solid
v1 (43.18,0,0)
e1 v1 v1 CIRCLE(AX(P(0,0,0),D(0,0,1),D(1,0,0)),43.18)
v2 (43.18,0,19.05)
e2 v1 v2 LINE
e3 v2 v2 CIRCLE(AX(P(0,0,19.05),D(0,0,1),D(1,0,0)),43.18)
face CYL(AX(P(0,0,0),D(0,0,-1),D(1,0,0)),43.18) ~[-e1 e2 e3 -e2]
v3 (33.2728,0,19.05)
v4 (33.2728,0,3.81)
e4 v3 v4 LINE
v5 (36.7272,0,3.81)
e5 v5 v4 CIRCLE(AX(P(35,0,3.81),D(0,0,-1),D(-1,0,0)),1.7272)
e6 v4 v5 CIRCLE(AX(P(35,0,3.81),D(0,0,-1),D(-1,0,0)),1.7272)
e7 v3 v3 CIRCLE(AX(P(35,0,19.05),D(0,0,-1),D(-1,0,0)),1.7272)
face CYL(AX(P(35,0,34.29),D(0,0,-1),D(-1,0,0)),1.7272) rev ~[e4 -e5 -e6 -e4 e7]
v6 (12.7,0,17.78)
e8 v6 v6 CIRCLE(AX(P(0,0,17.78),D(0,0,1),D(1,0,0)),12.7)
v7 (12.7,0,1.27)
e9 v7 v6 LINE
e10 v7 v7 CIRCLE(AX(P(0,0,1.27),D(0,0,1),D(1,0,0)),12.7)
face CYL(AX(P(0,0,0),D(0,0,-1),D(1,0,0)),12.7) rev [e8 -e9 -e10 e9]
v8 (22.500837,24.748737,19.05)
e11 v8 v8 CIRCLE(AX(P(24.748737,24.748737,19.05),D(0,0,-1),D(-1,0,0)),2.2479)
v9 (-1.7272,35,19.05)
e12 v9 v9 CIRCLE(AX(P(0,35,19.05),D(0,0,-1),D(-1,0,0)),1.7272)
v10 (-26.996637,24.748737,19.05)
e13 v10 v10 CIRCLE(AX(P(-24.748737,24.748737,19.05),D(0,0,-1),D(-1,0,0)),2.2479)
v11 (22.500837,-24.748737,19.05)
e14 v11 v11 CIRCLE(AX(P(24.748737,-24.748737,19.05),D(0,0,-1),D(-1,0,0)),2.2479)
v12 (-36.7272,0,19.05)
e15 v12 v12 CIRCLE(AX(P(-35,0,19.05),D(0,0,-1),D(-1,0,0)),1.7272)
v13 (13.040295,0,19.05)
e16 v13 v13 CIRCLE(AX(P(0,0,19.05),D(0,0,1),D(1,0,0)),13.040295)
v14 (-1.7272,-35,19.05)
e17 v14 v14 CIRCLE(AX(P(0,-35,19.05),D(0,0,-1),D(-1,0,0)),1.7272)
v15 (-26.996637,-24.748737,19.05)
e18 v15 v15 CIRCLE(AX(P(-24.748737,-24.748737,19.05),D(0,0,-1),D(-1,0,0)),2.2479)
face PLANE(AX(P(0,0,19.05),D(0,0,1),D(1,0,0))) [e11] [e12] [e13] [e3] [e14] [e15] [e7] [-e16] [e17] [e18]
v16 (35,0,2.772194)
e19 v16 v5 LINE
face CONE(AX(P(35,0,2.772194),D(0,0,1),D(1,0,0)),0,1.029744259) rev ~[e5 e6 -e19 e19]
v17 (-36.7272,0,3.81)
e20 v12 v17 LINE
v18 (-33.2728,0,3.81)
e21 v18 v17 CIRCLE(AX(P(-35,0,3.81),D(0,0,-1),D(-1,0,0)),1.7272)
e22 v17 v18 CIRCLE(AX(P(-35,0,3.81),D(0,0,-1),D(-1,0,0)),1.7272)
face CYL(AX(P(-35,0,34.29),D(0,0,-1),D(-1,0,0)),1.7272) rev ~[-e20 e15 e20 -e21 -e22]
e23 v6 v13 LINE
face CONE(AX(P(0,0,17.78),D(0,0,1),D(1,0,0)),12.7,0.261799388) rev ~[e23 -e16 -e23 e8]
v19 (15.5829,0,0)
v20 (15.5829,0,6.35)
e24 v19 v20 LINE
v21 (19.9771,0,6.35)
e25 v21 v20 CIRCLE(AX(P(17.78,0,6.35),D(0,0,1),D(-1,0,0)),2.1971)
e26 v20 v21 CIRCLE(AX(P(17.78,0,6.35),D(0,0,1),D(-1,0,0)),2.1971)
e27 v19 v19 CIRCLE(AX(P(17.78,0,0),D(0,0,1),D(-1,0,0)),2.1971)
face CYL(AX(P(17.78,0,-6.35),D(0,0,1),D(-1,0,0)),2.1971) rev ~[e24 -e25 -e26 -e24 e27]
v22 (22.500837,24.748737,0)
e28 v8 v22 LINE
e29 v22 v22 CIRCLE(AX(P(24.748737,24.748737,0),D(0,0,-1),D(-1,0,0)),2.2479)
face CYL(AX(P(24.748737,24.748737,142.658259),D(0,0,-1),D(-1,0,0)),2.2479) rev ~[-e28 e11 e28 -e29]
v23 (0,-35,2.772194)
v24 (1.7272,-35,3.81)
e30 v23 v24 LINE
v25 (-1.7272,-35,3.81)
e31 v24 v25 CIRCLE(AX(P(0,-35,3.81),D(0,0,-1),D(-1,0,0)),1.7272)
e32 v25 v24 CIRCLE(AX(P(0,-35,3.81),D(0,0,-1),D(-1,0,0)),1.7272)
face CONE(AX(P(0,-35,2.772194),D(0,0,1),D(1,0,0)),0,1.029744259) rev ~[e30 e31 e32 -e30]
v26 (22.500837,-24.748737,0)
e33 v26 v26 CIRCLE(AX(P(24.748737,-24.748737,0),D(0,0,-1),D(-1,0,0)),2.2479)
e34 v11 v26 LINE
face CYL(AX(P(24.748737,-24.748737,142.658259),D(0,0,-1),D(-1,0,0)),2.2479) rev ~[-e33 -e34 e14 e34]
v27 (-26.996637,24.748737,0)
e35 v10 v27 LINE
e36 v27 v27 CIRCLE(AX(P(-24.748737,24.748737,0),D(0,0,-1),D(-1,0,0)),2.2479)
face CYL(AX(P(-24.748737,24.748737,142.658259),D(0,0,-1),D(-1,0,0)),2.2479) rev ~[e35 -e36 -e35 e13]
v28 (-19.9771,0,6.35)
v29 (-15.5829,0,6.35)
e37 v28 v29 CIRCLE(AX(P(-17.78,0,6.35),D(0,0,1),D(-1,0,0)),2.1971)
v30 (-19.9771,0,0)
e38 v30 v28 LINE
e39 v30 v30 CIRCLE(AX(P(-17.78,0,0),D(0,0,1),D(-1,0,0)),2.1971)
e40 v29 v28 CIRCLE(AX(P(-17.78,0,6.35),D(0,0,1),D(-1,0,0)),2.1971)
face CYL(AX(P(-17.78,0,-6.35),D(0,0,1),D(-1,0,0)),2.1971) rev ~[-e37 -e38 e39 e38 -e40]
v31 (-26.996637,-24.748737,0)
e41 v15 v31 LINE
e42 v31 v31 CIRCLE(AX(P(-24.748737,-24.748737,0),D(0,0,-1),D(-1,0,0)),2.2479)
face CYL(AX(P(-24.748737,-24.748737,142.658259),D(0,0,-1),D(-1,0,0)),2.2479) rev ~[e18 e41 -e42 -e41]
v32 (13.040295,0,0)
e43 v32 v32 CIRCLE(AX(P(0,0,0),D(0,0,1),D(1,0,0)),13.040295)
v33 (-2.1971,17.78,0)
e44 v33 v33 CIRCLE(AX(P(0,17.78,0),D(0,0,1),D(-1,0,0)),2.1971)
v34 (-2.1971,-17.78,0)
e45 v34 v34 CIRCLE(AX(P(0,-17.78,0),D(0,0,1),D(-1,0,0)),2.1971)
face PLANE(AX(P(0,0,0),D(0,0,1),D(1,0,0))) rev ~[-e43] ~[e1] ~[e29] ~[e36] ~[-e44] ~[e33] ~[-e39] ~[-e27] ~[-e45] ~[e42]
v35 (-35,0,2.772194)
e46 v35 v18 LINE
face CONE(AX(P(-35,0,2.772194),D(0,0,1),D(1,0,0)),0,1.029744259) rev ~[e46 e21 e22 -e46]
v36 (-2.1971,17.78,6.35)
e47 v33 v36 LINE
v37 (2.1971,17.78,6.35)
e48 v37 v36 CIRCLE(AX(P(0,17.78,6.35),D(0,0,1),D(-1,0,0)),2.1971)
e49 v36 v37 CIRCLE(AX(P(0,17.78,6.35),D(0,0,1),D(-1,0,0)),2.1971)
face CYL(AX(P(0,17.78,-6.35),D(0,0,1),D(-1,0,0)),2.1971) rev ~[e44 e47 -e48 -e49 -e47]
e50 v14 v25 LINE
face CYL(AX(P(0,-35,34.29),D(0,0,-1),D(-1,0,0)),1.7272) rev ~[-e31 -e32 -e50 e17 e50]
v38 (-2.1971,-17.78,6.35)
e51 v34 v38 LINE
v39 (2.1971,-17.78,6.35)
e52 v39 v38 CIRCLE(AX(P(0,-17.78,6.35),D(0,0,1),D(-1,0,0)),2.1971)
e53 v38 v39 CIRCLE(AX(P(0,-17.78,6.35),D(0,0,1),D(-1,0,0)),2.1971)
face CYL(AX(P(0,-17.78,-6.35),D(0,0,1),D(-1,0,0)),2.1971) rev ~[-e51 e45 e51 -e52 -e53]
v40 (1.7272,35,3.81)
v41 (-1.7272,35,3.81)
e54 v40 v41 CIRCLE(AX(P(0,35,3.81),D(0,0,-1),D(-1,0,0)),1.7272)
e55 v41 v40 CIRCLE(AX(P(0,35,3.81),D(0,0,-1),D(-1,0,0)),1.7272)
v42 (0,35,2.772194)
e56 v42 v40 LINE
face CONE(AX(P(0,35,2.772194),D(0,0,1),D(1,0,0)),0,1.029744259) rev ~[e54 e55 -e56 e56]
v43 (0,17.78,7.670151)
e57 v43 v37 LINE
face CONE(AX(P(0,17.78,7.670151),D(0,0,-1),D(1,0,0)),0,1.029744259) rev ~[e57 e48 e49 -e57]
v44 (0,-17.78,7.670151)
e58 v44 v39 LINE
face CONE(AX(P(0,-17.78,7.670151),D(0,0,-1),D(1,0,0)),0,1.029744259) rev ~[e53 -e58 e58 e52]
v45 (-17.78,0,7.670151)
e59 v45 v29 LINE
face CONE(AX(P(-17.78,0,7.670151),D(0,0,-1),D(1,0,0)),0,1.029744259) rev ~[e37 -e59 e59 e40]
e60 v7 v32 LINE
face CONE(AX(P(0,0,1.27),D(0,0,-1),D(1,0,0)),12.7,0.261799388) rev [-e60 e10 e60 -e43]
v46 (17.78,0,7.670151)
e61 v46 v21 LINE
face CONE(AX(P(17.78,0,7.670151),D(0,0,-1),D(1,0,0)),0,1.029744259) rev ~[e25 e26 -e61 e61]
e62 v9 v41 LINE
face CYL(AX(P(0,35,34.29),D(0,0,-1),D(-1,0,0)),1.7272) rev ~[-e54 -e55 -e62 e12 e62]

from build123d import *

# Parameters (mm, degrees)
F0_R     = 43.18
F0_R_2   = 12.7
F1_DEPTH = 19.05
F2_SIZE2 = 0.3402954744
F2_SIZE  = 1.27
F4_D     = 4.3942
F4_DEPTH = 6.35
F4_TIP   = 1.3201508661
F6_D     = 3.4544
F6_DEPTH = 15.24
F6_TIP   = 1.0378064612
F8_D     = 4.4958


with BuildPart() as f1:
    # F0 (on Top) → F1 (new body)
    with BuildSketch(Plane.XY):
        Circle(F0_R)
        Circle(F0_R_2, mode=Mode.SUBTRACT)
    extrude(amount=F1_DEPTH)

    # F2
    f2_edges = [f1.edges().sort_by_distance(p)[0] for p in [
        (-12.7, 0, 19.05),
        (-12.7, 0, 0),
    ]]
    f2_side = f1.faces().sort_by_distance((-12.7, 0, 9.525))[0]
    chamfer(f2_edges, length=F2_SIZE, length2=F2_SIZE2, reference=f2_side)

    # F4
    with Locations(Plane(origin=(0, 0, 0), x_dir=(1, 0, 0), z_dir=(0, 0, -1))):
        with Locations((0, -17.78), (-17.78, 0), (0, 17.78), (17.78, 0)):
            Hole(F4_D / 2, depth=F4_DEPTH)
            with Locations((0, 0, -(F4_DEPTH + F4_TIP / 2))):  # 118° drill point
                Cone(0, F4_D / 2, F4_TIP, mode=Mode.SUBTRACT)

    # F6
    with Locations(Plane.XY.offset(19.05)):
        with Locations((35, 0), (0, -35), (-35, 0), (0, 35)):
            Hole(F6_D / 2, depth=F6_DEPTH)
            with Locations((0, 0, -(F6_DEPTH + F6_TIP / 2))):  # 118° drill point
                Cone(0, F6_D / 2, F6_TIP, mode=Mode.SUBTRACT)

    # F8 (through all)
    with Locations(Plane.XY.offset(19.05)):
        with Locations((24.7487373415, -24.7487373415), (-24.7487373415, -24.7487373415), (-24.7487373415, 24.7487373415), (24.7487373415, 24.7487373415)):
            Hole(F8_D / 2)


solid = f1.part
